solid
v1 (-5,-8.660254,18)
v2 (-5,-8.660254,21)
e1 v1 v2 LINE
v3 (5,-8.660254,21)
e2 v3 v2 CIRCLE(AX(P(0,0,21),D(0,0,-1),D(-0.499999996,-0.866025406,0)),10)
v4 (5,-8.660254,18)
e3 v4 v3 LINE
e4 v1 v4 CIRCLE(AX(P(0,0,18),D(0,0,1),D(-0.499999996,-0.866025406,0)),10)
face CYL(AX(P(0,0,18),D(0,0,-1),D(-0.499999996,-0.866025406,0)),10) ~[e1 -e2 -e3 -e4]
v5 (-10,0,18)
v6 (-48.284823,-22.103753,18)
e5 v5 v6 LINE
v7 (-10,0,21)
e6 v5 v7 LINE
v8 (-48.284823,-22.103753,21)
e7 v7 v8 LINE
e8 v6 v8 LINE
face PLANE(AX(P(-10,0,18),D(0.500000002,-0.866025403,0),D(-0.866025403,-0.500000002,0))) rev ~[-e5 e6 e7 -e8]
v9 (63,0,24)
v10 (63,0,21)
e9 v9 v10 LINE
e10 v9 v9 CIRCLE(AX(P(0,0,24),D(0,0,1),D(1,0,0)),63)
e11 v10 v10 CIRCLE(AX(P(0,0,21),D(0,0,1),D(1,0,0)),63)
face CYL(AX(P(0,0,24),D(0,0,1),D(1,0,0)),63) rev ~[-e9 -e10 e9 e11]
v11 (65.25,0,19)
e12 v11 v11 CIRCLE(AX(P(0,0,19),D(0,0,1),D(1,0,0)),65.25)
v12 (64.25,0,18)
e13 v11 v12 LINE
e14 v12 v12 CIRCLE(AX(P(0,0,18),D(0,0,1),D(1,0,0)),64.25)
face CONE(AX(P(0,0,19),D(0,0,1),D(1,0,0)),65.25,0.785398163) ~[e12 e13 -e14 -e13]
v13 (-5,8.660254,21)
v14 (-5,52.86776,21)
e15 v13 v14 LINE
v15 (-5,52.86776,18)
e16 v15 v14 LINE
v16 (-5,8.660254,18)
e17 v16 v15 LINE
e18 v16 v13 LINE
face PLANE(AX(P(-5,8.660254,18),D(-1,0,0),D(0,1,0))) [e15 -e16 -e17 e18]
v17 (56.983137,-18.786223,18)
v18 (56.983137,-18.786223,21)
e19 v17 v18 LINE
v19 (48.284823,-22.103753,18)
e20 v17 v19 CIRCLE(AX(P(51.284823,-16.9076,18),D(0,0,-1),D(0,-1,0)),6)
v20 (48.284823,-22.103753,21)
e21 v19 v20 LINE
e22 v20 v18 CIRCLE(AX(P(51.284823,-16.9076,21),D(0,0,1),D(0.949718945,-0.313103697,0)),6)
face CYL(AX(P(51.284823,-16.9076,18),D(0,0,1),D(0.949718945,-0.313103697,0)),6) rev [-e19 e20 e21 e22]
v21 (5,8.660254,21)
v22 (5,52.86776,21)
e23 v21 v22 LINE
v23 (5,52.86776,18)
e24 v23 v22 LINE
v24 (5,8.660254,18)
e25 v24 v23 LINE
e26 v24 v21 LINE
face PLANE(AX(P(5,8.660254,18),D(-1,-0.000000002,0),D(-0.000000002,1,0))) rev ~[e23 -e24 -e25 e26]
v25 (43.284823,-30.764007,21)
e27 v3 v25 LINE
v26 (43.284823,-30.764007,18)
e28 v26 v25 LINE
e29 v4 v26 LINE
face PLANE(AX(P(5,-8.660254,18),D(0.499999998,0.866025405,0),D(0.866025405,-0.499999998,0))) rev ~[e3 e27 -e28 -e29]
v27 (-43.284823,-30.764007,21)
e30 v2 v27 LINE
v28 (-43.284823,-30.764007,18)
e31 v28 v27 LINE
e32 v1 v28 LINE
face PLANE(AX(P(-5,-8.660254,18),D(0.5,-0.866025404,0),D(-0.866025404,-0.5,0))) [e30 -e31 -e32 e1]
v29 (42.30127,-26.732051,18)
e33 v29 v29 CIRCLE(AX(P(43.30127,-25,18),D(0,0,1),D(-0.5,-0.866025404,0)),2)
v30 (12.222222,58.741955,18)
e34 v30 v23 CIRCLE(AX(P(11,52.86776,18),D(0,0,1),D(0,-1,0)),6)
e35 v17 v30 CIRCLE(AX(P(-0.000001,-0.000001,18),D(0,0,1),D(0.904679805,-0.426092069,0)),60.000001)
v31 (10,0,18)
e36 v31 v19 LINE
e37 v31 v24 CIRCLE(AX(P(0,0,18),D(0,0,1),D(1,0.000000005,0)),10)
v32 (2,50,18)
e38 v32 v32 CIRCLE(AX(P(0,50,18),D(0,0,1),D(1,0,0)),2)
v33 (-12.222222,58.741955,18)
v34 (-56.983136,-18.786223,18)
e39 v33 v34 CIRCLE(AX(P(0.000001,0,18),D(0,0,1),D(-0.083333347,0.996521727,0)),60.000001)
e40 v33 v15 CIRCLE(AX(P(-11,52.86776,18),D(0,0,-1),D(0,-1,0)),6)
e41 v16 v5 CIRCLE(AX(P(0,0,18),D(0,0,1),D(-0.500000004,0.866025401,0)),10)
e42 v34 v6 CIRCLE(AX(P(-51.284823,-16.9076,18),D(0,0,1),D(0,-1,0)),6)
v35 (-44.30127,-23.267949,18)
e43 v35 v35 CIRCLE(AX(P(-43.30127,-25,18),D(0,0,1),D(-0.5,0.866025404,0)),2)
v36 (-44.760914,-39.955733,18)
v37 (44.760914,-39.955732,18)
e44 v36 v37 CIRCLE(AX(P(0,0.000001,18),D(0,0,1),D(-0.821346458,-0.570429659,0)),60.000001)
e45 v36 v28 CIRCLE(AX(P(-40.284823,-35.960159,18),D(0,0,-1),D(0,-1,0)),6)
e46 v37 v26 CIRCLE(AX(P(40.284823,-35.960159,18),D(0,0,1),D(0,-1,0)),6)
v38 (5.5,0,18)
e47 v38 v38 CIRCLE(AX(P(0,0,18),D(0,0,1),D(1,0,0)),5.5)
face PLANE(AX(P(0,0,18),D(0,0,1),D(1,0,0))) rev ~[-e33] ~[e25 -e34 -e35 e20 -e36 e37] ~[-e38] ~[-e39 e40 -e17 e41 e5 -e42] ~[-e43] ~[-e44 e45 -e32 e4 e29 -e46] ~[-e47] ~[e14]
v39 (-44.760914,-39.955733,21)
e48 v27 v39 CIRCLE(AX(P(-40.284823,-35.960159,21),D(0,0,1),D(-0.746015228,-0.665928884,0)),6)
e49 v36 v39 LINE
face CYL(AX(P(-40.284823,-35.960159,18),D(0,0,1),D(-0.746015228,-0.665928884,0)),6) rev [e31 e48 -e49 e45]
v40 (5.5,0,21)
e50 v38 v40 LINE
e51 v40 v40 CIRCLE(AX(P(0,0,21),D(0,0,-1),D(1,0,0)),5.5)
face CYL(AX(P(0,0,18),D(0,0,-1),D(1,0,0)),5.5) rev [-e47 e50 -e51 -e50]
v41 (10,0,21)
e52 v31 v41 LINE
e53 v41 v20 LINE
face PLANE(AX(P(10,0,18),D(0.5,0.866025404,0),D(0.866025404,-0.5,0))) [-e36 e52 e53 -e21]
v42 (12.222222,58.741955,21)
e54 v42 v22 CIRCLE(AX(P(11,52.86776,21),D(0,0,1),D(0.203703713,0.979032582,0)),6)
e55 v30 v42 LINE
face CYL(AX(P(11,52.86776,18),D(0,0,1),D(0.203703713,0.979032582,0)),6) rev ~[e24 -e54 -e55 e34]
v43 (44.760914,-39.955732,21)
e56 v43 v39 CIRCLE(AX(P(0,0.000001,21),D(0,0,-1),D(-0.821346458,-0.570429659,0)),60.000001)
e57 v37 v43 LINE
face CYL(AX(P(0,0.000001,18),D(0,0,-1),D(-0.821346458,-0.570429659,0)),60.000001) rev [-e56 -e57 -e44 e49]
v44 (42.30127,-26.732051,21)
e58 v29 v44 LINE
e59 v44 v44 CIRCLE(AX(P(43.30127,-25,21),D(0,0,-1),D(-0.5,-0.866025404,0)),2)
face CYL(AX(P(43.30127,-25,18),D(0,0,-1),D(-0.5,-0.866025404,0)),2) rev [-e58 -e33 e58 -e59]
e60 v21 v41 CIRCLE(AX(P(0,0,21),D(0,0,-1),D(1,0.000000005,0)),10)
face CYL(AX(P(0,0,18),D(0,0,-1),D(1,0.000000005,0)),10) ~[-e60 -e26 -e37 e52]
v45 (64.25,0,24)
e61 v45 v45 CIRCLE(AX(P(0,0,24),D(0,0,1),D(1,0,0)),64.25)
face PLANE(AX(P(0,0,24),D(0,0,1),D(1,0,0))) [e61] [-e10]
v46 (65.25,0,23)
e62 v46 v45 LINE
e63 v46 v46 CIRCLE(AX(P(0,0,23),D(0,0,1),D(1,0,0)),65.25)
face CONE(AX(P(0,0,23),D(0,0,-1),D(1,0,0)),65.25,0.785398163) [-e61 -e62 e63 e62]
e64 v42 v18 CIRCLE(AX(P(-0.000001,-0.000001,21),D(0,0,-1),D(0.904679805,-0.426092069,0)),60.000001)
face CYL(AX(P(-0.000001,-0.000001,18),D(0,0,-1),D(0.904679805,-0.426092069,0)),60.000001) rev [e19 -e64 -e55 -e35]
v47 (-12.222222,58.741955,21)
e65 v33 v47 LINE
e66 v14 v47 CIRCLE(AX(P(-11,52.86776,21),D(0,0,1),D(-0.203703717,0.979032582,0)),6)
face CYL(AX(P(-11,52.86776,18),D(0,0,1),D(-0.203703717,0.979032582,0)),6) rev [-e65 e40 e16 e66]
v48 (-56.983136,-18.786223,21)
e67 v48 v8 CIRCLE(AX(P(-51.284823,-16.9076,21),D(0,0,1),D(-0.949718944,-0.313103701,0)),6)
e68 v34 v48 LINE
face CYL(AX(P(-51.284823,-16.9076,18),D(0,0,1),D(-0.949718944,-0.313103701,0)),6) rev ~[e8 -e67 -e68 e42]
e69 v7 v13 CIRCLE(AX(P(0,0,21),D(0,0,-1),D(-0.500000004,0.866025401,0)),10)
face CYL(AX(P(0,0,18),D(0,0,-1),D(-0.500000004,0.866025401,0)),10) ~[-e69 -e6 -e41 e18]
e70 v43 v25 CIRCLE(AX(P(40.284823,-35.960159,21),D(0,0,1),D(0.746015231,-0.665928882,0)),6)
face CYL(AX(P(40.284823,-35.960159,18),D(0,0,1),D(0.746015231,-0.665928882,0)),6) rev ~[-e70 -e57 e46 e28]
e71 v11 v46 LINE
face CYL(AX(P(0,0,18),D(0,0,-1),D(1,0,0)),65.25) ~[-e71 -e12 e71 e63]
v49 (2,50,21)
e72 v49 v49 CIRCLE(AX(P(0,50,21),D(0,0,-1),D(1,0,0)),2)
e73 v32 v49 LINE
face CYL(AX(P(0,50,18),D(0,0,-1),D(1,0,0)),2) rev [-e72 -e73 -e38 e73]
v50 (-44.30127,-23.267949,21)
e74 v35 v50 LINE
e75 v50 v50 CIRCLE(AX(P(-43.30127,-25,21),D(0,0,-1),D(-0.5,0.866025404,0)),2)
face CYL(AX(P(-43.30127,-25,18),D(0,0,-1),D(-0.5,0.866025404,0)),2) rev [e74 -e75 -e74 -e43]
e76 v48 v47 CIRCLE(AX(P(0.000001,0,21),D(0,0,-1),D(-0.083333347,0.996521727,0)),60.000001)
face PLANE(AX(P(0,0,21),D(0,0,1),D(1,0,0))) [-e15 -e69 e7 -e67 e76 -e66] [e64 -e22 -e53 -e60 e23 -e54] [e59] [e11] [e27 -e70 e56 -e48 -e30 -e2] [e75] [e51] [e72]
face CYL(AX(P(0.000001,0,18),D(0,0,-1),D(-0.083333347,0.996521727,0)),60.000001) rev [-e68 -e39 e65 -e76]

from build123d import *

# Parameters (mm, degrees)
SKETCH005_R           = 65.25
PAD001_DEPTH          = 6
SKETCH004_R           = 5.5
POCKET002_DEPTH       = 6.001
SKETCH003_R           = 2
POCKET003_DEPTH       = 375.305752
POLARPATTERN001_COUNT = 3
CHAMFER_SIZE          = 1
FILLET_R              = 6
SKETCH006_R           = 63
POCKET004_DEPTH       = 3


with BuildPart() as part:
    # Sketch005 → Pad001 (new body)
    with BuildSketch(Plane.XY):
        Circle(SKETCH005_R)
    extrude(amount=PAD001_DEPTH)

    # Sketch004 → Pocket002 (cut, through all)
    with BuildSketch(Plane.XY):
        Circle(SKETCH004_R)
    extrude(amount=POCKET002_DEPTH, mode=Mode.SUBTRACT)

    # Sketch003 → Pocket003 (cut, through all)
    with BuildSketch(Plane.XY):
        with Locations((0, 50)):
            Circle(SKETCH003_R)
        with BuildLine():
            ThreePointArc((-5, 59.791304), (-51.961524, 30), (-54.280788, -25.565525))
            Line((-10, 0), (-54.280788, -25.565525))
            ThreePointArc((-5, 8.660254), (-8.660254, 5), (-10, 0))
            Line((-5, 8.660254), (-5, 59.791304))
        make_face()
    pocket003 = extrude(amount=POCKET003_DEPTH, mode=Mode.SUBTRACT)

    # PolarPattern001: Pocket003 ×3 about axis
    polarpattern001_axis = Axis((0, 0, 0), (0, 0, 1))
    for i in range(1, POLARPATTERN001_COUNT):
        add(pocket003.rotate(polarpattern001_axis, i * 360 / POLARPATTERN001_COUNT), mode=Mode.SUBTRACT)

    # Chamfer
    chamfer_edges = [part.edges().sort_by_distance(p)[0] for p in [
        (-65.25, 0, 6),
        (-65.25, 0, 0),
    ]]
    chamfer(chamfer_edges, length=CHAMFER_SIZE)

    # Fillet
    fillet_edges = [part.edges().sort_by_distance(p)[0] for p in [
        (-54.280788, -25.565525, 3),
        (-5, 59.791304, 3),
        (5, 59.791304, 3),
        (54.280788, -25.565525, 3),
        (49.280788, -34.225779, 3),
        (-49.280788, -34.225779, 3),
    ]]
    fillet(fillet_edges, radius=FILLET_R)

    # Sketch006 (on Face25 of Fillet) → Pocket004 (cut)
    with BuildSketch(Plane.XY.offset(6)):
        Circle(SKETCH006_R)
    extrude(amount=-POCKET004_DEPTH, mode=Mode.SUBTRACT)


with BuildPart() as part_1:
    # Body001 placement: moved
    add(part.part.moved(Location((0, 0, 18))))


solid = part_1.part
